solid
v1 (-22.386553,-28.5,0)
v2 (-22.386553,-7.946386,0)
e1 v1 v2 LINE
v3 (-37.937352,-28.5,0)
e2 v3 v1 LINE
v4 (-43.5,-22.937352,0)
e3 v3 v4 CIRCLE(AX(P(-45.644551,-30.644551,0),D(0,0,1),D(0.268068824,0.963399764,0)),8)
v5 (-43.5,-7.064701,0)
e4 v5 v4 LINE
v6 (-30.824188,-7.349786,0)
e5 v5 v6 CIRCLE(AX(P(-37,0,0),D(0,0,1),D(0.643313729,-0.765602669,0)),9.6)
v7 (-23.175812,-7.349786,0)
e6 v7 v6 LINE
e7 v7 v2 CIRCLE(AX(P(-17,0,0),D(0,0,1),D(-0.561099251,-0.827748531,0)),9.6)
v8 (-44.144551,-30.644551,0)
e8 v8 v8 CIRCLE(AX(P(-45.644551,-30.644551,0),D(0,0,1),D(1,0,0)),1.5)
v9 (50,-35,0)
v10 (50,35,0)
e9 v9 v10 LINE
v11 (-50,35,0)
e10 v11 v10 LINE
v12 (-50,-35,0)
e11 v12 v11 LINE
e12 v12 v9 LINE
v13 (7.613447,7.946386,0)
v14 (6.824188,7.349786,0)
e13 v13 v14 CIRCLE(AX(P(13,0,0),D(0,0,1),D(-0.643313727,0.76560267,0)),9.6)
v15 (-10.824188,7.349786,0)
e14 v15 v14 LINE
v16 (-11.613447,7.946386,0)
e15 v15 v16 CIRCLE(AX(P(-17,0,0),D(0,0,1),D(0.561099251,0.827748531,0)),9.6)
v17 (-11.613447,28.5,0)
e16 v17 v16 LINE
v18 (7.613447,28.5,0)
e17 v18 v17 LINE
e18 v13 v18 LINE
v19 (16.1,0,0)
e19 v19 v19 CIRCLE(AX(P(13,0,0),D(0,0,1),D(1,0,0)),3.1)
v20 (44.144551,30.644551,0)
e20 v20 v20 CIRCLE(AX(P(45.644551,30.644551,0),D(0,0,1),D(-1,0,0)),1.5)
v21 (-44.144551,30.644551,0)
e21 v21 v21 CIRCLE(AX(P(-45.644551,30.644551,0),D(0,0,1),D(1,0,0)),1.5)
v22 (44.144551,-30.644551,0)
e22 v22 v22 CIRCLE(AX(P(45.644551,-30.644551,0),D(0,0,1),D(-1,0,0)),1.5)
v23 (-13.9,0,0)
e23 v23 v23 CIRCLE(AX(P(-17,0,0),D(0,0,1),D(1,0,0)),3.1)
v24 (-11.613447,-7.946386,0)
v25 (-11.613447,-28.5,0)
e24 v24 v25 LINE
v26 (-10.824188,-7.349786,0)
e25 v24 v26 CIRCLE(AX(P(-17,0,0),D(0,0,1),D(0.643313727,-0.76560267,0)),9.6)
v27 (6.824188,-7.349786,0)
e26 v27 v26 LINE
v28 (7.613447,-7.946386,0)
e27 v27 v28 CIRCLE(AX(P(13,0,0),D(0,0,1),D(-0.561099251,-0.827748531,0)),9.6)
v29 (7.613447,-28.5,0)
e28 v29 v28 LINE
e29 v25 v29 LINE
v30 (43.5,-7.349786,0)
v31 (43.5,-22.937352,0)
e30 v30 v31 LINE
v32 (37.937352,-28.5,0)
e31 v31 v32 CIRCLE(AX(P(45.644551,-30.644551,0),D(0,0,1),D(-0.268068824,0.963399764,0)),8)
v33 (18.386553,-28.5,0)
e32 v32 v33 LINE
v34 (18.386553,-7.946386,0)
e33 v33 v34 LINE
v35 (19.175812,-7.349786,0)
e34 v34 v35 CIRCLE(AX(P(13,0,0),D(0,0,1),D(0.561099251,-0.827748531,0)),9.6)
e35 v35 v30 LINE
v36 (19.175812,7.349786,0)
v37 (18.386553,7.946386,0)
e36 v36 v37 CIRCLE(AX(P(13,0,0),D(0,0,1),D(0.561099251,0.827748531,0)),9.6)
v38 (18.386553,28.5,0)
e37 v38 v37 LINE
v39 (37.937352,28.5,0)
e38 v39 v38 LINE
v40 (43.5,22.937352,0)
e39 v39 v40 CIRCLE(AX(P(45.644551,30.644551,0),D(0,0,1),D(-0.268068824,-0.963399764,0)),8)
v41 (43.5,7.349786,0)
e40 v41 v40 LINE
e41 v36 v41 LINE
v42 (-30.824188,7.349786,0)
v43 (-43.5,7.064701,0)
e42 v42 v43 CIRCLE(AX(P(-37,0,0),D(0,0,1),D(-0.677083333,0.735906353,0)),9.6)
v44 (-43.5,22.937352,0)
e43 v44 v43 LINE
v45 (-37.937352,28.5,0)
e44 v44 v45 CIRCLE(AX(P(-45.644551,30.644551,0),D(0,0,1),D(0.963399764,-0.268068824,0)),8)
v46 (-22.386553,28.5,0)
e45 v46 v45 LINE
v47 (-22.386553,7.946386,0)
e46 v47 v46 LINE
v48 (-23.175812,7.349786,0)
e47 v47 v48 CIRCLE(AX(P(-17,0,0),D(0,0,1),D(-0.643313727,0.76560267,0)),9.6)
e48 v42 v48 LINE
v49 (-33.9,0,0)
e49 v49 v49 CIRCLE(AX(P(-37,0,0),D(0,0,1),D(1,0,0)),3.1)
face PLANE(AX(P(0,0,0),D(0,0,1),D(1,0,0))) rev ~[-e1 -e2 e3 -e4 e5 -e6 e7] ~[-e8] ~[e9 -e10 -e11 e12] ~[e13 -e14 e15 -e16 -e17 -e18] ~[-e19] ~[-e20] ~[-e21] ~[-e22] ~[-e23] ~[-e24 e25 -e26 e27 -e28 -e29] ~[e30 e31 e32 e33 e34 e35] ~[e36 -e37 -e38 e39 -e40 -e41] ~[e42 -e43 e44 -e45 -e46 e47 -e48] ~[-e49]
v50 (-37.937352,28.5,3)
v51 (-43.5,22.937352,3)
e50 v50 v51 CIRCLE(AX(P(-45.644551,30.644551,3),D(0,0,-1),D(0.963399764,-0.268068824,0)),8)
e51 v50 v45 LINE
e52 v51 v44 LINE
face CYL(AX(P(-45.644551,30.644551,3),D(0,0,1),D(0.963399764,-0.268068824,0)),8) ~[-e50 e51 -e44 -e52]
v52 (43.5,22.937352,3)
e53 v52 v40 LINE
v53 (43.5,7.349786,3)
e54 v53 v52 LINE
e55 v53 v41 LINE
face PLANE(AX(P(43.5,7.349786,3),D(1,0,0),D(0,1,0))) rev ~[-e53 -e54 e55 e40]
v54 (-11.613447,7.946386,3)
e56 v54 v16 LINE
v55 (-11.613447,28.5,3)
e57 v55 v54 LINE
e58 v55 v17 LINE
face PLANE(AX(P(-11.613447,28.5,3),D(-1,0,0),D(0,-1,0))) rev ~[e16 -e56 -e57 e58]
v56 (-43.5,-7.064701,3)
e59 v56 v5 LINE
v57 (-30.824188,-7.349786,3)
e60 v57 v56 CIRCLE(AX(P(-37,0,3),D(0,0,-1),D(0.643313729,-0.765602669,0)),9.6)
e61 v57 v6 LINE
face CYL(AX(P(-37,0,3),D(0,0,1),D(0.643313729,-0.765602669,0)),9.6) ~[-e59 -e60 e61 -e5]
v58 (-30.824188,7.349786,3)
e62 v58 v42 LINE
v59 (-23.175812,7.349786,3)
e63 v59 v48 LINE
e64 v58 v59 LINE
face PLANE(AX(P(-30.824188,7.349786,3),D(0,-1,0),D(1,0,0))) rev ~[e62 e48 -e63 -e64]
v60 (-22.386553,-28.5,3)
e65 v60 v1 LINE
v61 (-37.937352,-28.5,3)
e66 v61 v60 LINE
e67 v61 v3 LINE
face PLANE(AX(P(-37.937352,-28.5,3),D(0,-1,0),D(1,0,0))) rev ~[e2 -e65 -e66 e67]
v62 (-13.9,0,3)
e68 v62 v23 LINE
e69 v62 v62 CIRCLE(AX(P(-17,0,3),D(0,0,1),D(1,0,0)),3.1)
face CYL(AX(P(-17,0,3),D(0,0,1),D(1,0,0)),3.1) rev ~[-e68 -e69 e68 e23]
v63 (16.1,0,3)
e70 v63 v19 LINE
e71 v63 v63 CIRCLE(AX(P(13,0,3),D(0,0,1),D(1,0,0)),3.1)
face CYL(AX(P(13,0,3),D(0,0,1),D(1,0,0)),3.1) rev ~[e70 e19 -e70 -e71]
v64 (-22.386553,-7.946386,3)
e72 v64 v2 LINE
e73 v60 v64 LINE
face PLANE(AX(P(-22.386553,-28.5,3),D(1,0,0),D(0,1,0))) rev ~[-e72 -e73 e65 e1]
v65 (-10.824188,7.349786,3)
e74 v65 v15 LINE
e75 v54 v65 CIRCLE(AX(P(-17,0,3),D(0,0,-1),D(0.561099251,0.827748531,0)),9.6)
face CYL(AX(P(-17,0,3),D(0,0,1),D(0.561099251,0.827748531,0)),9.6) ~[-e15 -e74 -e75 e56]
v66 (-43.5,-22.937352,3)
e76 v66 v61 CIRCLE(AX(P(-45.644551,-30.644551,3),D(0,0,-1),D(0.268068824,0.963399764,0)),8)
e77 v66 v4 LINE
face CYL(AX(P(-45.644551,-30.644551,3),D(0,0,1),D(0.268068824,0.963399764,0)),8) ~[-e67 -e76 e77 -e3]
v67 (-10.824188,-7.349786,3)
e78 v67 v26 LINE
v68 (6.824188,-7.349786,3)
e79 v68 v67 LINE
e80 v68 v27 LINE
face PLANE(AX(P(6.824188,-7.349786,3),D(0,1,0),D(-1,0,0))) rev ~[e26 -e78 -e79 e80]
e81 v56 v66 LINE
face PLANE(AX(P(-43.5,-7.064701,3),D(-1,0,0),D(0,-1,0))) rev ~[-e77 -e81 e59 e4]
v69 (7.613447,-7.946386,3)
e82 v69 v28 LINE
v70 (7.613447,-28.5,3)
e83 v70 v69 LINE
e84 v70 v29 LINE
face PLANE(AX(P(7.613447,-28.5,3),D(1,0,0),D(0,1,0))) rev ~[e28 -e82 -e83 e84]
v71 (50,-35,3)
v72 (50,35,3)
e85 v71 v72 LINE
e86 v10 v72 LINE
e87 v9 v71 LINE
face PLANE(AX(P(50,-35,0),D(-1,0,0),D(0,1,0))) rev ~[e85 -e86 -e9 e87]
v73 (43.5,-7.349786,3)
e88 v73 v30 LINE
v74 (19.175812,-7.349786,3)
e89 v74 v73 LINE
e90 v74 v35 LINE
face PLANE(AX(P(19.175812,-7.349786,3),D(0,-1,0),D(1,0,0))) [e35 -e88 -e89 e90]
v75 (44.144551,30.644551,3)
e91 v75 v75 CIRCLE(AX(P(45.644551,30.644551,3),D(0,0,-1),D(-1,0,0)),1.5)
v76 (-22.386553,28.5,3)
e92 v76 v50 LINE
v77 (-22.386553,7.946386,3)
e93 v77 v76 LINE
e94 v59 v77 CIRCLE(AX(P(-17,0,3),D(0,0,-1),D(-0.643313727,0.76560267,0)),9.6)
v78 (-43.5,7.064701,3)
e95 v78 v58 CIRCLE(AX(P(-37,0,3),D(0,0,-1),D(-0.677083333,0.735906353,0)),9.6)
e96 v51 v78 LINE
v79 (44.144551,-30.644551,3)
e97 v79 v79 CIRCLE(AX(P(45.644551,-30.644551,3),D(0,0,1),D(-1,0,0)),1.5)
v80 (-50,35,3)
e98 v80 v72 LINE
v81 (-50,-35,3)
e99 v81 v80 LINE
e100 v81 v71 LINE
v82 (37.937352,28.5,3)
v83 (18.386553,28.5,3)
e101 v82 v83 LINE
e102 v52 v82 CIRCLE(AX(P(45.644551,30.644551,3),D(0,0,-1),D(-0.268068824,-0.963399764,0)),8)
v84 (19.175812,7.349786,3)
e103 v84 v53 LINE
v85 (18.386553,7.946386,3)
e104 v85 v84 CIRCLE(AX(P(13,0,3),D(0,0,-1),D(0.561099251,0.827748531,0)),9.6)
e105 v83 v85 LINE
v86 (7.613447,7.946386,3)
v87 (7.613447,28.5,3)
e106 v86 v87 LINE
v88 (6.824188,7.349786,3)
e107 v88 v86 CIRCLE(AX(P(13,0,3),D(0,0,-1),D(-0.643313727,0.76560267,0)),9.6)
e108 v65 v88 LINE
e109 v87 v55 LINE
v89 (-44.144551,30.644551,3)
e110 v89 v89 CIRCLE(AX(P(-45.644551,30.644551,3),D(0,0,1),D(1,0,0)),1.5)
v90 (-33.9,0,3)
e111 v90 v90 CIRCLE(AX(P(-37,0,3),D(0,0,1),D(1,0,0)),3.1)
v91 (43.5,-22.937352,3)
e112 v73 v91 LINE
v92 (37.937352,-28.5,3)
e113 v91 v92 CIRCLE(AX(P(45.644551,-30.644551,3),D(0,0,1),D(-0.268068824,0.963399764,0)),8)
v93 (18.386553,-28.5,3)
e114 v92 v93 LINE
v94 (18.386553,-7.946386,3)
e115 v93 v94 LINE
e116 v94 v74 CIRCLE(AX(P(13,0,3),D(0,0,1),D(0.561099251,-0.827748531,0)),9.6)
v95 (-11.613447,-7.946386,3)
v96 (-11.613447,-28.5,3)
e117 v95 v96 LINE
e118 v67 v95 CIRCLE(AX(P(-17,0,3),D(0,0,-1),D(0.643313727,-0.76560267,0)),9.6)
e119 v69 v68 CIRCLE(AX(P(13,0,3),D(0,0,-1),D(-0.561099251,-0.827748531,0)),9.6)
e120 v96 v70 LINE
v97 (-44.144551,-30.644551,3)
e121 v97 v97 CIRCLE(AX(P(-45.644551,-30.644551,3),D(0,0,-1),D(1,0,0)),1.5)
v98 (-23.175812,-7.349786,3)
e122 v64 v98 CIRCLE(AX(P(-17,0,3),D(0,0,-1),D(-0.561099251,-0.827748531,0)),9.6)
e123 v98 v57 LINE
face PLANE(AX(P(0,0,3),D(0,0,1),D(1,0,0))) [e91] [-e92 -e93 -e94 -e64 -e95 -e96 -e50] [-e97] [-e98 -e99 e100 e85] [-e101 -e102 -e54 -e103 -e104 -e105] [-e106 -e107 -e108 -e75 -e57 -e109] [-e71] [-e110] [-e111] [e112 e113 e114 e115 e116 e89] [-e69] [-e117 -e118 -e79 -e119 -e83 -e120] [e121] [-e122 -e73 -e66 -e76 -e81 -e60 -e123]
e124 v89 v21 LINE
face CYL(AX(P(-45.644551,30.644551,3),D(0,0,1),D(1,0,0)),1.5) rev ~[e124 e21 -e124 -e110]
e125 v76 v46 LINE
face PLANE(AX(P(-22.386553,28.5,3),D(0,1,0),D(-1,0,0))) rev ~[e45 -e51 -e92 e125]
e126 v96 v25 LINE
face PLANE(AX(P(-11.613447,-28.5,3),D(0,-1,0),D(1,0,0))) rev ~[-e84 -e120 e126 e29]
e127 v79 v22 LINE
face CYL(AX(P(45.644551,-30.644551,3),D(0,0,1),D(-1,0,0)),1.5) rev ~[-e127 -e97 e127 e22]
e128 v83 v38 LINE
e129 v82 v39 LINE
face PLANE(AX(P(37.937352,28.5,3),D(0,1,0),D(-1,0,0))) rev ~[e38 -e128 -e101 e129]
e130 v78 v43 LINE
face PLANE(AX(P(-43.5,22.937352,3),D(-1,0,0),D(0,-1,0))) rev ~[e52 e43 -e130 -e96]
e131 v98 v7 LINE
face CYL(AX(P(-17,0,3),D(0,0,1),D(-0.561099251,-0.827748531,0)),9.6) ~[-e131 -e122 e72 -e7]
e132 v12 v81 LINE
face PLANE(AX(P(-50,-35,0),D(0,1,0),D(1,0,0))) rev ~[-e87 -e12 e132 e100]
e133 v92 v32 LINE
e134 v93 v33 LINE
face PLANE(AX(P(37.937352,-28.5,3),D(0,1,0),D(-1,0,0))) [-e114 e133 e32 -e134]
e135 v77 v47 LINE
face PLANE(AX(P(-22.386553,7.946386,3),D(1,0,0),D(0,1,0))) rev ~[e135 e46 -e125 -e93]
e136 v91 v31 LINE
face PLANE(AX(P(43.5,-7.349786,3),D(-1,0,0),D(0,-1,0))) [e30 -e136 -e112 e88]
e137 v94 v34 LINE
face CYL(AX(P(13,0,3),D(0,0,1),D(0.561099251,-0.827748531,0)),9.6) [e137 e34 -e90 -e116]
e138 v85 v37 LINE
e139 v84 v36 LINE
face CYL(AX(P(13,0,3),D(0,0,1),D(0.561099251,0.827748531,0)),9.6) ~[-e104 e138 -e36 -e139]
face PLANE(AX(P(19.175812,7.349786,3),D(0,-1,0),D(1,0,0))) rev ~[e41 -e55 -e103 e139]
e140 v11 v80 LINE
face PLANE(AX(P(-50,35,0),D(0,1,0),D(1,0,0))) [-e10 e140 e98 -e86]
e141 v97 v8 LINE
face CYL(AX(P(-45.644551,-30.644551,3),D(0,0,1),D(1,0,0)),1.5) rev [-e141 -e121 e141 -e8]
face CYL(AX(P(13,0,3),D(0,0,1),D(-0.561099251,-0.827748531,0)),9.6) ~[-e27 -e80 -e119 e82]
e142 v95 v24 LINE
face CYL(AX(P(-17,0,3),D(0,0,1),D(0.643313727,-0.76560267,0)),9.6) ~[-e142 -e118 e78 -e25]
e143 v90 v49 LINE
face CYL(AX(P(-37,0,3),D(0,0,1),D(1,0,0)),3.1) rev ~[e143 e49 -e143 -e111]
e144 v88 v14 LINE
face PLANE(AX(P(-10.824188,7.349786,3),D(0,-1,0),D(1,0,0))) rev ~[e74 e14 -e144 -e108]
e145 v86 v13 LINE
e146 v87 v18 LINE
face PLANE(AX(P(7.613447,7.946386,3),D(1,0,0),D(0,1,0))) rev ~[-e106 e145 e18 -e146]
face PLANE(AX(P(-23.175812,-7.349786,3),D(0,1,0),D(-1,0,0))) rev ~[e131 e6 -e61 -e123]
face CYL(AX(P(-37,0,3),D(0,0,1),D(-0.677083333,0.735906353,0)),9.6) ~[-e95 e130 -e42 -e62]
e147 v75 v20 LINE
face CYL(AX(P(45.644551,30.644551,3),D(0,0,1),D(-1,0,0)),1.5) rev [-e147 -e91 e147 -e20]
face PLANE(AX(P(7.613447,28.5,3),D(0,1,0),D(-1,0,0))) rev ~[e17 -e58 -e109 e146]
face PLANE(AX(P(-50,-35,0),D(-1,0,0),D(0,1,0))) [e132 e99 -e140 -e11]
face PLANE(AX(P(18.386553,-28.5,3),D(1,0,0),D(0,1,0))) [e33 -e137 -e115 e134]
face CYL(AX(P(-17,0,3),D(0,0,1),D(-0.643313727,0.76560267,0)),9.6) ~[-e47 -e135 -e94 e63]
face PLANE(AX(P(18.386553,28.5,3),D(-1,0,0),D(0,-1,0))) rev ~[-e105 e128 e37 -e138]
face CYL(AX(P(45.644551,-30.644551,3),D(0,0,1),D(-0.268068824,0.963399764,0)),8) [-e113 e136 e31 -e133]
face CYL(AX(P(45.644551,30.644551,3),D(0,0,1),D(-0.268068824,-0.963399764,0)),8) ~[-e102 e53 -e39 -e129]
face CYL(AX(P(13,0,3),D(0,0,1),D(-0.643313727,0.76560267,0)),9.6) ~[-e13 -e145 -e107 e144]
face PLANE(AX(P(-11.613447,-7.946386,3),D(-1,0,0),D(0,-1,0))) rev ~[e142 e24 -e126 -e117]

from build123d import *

# Parameters (mm, degrees)
SKETCH1_W               = 100
SKETCH1_H               = 70
BOSS_EXTRUDE1_DEPTH     = 3
SKETCH2_R               = 3.1
CUT_EXTRUDE1_DEPTH      = 62.10646447
SKETCH3_R               = 1.5
CUT_EXTRUDE2_DEPTH      = 62.10646447
MIRROR2_COPY_1_SKETCH_R = 1.5
MIRROR2_COPY_1_DEPTH    = 62.10646447
CUT_EXTRUDE3_DEPTH      = 62.10646447


with BuildPart() as part:
    # Sketch1 → Boss-Extrude1 (new body)
    with BuildSketch(Plane.XY):
        Rectangle(SKETCH1_W, SKETCH1_H)
    extrude(amount=BOSS_EXTRUDE1_DEPTH)

    # Sketch2 → Cut-Extrude1 (cut, through all)
    with BuildSketch(Plane.XY.offset(3)):
        with Locations((-17, 0)):
            Circle(SKETCH2_R)
        with Locations((-37, 0)):
            Circle(SKETCH2_R)
        with Locations((13, 0)):
            Circle(SKETCH2_R)
    extrude(amount=-CUT_EXTRUDE1_DEPTH, mode=Mode.SUBTRACT)

    # Sketch3 → Cut-Extrude2 (cut, through all)
    with BuildSketch(Plane.XY.offset(3)):
        with Locations((-45.644550594, 30.644550594)):
            Circle(SKETCH3_R)
    cut_extrude2 = extrude(amount=-CUT_EXTRUDE2_DEPTH, mode=Mode.SUBTRACT)

    # Mirror1: Cut-Extrude2 across plane
    add(cut_extrude2.mirror(Plane(origin=(0, 0, 0), x_dir=(0, 0, 1), z_dir=(1, 0, 0))), mode=Mode.SUBTRACT)

    # Mirror2: Cut-Extrude2 across plane
    add(cut_extrude2.mirror(Plane.ZX), mode=Mode.SUBTRACT)

    # Mirror2 copy 1 sketch → Mirror2 copy 1 (cut, through all)
    with BuildSketch(Plane(origin=(0, 0, 3), x_dir=(-1, 0, 0), z_dir=(0, 0, 1))):
        with Locations((-45.644550594, 30.644550594)):
            Circle(MIRROR2_COPY_1_SKETCH_R)
    extrude(amount=-MIRROR2_COPY_1_DEPTH, mode=Mode.SUBTRACT)

    # Sketch4 → Cut-Extrude3 (cut, through all)
    with BuildSketch(Plane.XY.offset(3)):
        with BuildLine():
            Line((7.613447212, 28.5), (-11.613447212, 28.5))
            Line((-11.613447212, 28.5), (-11.613447212, 7.946385912))
            ThreePointArc((-11.613447212, 7.946385912), (-11.211126909, 7.658260137), (-10.824188204, 7.34978562))
            Line((-10.824188204, 7.34978562), (6.824188204, 7.34978562))
            ThreePointArc((6.824188204, 7.34978562), (7.211126909, 7.658260137), (7.613447212, 7.946385912))
            Line((7.613447212, 7.946385912), (7.613447212, 28.5))
        make_face()
        with BuildLine():
            Line((43.5, 7.34978562), (43.5, 22.937352481))
            ThreePointArc((43.5, 22.937352481), (39.987696344, 24.987696344), (37.937352481, 28.5))
            Line((37.937352481, 28.5), (18.386552788, 28.5))
            Line((18.386552788, 28.5), (18.386552788, 7.946385912))
            ThreePointArc((18.386552788, 7.946385912), (18.788873091, 7.658260137), (19.175811796, 7.34978562))
            Line((19.175811796, 7.34978562), (43.5, 7.34978562))
        make_face()
        with BuildLine():
            Line((19.175811796, -7.34978562), (43.5, -7.34978562))
            Line((43.5, -7.34978562), (43.5, -22.937352481))
            ThreePointArc((43.5, -22.937352481), (39.987696344, -24.987696344), (37.937352481, -28.5))
            Line((37.937352481, -28.5), (18.386552788, -28.5))
            Line((18.386552788, -28.5), (18.386552788, -7.946385912))
            ThreePointArc((18.386552788, -7.946385912), (18.788873091, -7.658260137), (19.175811796, -7.34978562))
        make_face()
        with BuildLine():
            Line((-22.386552788, 28.5), (-37.937352481, 28.5))
            ThreePointArc((-37.937352481, 28.5), (-39.987696344, 24.987696344), (-43.5, 22.937352481))
            Line((-43.5, 22.937352481), (-43.5, 7.064700984))
            ThreePointArc((-43.5, 7.064700984), (-37.215853678, 9.597572984), (-30.824188204, 7.34978562))
            Line((-30.824188204, 7.34978562), (-23.175811796, 7.34978562))
            ThreePointArc((-23.175811796, 7.34978562), (-22.788873091, 7.658260137), (-22.386552788, 7.946385912))
            Line((-22.386552788, 7.946385912), (-22.386552788, 28.5))
        make_face()
        with BuildLine():
            Line((-37.937352481, -28.5), (-22.386552788, -28.5))
            Line((-22.386552788, -28.5), (-22.386552788, -7.946385912))
            ThreePointArc((-22.386552788, -7.946385912), (-22.788873091, -7.658260137), (-23.175811796, -7.34978562))
            Line((-23.175811796, -7.34978562), (-30.824188204, -7.34978562))
            ThreePointArc((-30.824188204, -7.34978562), (-37.215853678, -9.597572984), (-43.5, -7.064700984))
            Line((-43.5, -7.064700984), (-43.5, -22.937352481))
            ThreePointArc((-43.5, -22.937352481), (-39.987696344, -24.987696344), (-37.937352481, -28.5))
        make_face()
        with BuildLine():
            Line((-11.613447212, -28.5), (7.613447212, -28.5))
            Line((7.613447212, -28.5), (7.613447212, -7.946385912))
            ThreePointArc((7.613447212, -7.946385912), (7.211126909, -7.658260137), (6.824188204, -7.34978562))
            Line((6.824188204, -7.34978562), (-10.824188204, -7.34978562))
            ThreePointArc((-10.824188204, -7.34978562), (-11.211126909, -7.658260137), (-11.613447212, -7.946385912))
            Line((-11.613447212, -7.946385912), (-11.613447212, -28.5))
        make_face()
    extrude(amount=-CUT_EXTRUDE3_DEPTH, mode=Mode.SUBTRACT)


solid = part.part
